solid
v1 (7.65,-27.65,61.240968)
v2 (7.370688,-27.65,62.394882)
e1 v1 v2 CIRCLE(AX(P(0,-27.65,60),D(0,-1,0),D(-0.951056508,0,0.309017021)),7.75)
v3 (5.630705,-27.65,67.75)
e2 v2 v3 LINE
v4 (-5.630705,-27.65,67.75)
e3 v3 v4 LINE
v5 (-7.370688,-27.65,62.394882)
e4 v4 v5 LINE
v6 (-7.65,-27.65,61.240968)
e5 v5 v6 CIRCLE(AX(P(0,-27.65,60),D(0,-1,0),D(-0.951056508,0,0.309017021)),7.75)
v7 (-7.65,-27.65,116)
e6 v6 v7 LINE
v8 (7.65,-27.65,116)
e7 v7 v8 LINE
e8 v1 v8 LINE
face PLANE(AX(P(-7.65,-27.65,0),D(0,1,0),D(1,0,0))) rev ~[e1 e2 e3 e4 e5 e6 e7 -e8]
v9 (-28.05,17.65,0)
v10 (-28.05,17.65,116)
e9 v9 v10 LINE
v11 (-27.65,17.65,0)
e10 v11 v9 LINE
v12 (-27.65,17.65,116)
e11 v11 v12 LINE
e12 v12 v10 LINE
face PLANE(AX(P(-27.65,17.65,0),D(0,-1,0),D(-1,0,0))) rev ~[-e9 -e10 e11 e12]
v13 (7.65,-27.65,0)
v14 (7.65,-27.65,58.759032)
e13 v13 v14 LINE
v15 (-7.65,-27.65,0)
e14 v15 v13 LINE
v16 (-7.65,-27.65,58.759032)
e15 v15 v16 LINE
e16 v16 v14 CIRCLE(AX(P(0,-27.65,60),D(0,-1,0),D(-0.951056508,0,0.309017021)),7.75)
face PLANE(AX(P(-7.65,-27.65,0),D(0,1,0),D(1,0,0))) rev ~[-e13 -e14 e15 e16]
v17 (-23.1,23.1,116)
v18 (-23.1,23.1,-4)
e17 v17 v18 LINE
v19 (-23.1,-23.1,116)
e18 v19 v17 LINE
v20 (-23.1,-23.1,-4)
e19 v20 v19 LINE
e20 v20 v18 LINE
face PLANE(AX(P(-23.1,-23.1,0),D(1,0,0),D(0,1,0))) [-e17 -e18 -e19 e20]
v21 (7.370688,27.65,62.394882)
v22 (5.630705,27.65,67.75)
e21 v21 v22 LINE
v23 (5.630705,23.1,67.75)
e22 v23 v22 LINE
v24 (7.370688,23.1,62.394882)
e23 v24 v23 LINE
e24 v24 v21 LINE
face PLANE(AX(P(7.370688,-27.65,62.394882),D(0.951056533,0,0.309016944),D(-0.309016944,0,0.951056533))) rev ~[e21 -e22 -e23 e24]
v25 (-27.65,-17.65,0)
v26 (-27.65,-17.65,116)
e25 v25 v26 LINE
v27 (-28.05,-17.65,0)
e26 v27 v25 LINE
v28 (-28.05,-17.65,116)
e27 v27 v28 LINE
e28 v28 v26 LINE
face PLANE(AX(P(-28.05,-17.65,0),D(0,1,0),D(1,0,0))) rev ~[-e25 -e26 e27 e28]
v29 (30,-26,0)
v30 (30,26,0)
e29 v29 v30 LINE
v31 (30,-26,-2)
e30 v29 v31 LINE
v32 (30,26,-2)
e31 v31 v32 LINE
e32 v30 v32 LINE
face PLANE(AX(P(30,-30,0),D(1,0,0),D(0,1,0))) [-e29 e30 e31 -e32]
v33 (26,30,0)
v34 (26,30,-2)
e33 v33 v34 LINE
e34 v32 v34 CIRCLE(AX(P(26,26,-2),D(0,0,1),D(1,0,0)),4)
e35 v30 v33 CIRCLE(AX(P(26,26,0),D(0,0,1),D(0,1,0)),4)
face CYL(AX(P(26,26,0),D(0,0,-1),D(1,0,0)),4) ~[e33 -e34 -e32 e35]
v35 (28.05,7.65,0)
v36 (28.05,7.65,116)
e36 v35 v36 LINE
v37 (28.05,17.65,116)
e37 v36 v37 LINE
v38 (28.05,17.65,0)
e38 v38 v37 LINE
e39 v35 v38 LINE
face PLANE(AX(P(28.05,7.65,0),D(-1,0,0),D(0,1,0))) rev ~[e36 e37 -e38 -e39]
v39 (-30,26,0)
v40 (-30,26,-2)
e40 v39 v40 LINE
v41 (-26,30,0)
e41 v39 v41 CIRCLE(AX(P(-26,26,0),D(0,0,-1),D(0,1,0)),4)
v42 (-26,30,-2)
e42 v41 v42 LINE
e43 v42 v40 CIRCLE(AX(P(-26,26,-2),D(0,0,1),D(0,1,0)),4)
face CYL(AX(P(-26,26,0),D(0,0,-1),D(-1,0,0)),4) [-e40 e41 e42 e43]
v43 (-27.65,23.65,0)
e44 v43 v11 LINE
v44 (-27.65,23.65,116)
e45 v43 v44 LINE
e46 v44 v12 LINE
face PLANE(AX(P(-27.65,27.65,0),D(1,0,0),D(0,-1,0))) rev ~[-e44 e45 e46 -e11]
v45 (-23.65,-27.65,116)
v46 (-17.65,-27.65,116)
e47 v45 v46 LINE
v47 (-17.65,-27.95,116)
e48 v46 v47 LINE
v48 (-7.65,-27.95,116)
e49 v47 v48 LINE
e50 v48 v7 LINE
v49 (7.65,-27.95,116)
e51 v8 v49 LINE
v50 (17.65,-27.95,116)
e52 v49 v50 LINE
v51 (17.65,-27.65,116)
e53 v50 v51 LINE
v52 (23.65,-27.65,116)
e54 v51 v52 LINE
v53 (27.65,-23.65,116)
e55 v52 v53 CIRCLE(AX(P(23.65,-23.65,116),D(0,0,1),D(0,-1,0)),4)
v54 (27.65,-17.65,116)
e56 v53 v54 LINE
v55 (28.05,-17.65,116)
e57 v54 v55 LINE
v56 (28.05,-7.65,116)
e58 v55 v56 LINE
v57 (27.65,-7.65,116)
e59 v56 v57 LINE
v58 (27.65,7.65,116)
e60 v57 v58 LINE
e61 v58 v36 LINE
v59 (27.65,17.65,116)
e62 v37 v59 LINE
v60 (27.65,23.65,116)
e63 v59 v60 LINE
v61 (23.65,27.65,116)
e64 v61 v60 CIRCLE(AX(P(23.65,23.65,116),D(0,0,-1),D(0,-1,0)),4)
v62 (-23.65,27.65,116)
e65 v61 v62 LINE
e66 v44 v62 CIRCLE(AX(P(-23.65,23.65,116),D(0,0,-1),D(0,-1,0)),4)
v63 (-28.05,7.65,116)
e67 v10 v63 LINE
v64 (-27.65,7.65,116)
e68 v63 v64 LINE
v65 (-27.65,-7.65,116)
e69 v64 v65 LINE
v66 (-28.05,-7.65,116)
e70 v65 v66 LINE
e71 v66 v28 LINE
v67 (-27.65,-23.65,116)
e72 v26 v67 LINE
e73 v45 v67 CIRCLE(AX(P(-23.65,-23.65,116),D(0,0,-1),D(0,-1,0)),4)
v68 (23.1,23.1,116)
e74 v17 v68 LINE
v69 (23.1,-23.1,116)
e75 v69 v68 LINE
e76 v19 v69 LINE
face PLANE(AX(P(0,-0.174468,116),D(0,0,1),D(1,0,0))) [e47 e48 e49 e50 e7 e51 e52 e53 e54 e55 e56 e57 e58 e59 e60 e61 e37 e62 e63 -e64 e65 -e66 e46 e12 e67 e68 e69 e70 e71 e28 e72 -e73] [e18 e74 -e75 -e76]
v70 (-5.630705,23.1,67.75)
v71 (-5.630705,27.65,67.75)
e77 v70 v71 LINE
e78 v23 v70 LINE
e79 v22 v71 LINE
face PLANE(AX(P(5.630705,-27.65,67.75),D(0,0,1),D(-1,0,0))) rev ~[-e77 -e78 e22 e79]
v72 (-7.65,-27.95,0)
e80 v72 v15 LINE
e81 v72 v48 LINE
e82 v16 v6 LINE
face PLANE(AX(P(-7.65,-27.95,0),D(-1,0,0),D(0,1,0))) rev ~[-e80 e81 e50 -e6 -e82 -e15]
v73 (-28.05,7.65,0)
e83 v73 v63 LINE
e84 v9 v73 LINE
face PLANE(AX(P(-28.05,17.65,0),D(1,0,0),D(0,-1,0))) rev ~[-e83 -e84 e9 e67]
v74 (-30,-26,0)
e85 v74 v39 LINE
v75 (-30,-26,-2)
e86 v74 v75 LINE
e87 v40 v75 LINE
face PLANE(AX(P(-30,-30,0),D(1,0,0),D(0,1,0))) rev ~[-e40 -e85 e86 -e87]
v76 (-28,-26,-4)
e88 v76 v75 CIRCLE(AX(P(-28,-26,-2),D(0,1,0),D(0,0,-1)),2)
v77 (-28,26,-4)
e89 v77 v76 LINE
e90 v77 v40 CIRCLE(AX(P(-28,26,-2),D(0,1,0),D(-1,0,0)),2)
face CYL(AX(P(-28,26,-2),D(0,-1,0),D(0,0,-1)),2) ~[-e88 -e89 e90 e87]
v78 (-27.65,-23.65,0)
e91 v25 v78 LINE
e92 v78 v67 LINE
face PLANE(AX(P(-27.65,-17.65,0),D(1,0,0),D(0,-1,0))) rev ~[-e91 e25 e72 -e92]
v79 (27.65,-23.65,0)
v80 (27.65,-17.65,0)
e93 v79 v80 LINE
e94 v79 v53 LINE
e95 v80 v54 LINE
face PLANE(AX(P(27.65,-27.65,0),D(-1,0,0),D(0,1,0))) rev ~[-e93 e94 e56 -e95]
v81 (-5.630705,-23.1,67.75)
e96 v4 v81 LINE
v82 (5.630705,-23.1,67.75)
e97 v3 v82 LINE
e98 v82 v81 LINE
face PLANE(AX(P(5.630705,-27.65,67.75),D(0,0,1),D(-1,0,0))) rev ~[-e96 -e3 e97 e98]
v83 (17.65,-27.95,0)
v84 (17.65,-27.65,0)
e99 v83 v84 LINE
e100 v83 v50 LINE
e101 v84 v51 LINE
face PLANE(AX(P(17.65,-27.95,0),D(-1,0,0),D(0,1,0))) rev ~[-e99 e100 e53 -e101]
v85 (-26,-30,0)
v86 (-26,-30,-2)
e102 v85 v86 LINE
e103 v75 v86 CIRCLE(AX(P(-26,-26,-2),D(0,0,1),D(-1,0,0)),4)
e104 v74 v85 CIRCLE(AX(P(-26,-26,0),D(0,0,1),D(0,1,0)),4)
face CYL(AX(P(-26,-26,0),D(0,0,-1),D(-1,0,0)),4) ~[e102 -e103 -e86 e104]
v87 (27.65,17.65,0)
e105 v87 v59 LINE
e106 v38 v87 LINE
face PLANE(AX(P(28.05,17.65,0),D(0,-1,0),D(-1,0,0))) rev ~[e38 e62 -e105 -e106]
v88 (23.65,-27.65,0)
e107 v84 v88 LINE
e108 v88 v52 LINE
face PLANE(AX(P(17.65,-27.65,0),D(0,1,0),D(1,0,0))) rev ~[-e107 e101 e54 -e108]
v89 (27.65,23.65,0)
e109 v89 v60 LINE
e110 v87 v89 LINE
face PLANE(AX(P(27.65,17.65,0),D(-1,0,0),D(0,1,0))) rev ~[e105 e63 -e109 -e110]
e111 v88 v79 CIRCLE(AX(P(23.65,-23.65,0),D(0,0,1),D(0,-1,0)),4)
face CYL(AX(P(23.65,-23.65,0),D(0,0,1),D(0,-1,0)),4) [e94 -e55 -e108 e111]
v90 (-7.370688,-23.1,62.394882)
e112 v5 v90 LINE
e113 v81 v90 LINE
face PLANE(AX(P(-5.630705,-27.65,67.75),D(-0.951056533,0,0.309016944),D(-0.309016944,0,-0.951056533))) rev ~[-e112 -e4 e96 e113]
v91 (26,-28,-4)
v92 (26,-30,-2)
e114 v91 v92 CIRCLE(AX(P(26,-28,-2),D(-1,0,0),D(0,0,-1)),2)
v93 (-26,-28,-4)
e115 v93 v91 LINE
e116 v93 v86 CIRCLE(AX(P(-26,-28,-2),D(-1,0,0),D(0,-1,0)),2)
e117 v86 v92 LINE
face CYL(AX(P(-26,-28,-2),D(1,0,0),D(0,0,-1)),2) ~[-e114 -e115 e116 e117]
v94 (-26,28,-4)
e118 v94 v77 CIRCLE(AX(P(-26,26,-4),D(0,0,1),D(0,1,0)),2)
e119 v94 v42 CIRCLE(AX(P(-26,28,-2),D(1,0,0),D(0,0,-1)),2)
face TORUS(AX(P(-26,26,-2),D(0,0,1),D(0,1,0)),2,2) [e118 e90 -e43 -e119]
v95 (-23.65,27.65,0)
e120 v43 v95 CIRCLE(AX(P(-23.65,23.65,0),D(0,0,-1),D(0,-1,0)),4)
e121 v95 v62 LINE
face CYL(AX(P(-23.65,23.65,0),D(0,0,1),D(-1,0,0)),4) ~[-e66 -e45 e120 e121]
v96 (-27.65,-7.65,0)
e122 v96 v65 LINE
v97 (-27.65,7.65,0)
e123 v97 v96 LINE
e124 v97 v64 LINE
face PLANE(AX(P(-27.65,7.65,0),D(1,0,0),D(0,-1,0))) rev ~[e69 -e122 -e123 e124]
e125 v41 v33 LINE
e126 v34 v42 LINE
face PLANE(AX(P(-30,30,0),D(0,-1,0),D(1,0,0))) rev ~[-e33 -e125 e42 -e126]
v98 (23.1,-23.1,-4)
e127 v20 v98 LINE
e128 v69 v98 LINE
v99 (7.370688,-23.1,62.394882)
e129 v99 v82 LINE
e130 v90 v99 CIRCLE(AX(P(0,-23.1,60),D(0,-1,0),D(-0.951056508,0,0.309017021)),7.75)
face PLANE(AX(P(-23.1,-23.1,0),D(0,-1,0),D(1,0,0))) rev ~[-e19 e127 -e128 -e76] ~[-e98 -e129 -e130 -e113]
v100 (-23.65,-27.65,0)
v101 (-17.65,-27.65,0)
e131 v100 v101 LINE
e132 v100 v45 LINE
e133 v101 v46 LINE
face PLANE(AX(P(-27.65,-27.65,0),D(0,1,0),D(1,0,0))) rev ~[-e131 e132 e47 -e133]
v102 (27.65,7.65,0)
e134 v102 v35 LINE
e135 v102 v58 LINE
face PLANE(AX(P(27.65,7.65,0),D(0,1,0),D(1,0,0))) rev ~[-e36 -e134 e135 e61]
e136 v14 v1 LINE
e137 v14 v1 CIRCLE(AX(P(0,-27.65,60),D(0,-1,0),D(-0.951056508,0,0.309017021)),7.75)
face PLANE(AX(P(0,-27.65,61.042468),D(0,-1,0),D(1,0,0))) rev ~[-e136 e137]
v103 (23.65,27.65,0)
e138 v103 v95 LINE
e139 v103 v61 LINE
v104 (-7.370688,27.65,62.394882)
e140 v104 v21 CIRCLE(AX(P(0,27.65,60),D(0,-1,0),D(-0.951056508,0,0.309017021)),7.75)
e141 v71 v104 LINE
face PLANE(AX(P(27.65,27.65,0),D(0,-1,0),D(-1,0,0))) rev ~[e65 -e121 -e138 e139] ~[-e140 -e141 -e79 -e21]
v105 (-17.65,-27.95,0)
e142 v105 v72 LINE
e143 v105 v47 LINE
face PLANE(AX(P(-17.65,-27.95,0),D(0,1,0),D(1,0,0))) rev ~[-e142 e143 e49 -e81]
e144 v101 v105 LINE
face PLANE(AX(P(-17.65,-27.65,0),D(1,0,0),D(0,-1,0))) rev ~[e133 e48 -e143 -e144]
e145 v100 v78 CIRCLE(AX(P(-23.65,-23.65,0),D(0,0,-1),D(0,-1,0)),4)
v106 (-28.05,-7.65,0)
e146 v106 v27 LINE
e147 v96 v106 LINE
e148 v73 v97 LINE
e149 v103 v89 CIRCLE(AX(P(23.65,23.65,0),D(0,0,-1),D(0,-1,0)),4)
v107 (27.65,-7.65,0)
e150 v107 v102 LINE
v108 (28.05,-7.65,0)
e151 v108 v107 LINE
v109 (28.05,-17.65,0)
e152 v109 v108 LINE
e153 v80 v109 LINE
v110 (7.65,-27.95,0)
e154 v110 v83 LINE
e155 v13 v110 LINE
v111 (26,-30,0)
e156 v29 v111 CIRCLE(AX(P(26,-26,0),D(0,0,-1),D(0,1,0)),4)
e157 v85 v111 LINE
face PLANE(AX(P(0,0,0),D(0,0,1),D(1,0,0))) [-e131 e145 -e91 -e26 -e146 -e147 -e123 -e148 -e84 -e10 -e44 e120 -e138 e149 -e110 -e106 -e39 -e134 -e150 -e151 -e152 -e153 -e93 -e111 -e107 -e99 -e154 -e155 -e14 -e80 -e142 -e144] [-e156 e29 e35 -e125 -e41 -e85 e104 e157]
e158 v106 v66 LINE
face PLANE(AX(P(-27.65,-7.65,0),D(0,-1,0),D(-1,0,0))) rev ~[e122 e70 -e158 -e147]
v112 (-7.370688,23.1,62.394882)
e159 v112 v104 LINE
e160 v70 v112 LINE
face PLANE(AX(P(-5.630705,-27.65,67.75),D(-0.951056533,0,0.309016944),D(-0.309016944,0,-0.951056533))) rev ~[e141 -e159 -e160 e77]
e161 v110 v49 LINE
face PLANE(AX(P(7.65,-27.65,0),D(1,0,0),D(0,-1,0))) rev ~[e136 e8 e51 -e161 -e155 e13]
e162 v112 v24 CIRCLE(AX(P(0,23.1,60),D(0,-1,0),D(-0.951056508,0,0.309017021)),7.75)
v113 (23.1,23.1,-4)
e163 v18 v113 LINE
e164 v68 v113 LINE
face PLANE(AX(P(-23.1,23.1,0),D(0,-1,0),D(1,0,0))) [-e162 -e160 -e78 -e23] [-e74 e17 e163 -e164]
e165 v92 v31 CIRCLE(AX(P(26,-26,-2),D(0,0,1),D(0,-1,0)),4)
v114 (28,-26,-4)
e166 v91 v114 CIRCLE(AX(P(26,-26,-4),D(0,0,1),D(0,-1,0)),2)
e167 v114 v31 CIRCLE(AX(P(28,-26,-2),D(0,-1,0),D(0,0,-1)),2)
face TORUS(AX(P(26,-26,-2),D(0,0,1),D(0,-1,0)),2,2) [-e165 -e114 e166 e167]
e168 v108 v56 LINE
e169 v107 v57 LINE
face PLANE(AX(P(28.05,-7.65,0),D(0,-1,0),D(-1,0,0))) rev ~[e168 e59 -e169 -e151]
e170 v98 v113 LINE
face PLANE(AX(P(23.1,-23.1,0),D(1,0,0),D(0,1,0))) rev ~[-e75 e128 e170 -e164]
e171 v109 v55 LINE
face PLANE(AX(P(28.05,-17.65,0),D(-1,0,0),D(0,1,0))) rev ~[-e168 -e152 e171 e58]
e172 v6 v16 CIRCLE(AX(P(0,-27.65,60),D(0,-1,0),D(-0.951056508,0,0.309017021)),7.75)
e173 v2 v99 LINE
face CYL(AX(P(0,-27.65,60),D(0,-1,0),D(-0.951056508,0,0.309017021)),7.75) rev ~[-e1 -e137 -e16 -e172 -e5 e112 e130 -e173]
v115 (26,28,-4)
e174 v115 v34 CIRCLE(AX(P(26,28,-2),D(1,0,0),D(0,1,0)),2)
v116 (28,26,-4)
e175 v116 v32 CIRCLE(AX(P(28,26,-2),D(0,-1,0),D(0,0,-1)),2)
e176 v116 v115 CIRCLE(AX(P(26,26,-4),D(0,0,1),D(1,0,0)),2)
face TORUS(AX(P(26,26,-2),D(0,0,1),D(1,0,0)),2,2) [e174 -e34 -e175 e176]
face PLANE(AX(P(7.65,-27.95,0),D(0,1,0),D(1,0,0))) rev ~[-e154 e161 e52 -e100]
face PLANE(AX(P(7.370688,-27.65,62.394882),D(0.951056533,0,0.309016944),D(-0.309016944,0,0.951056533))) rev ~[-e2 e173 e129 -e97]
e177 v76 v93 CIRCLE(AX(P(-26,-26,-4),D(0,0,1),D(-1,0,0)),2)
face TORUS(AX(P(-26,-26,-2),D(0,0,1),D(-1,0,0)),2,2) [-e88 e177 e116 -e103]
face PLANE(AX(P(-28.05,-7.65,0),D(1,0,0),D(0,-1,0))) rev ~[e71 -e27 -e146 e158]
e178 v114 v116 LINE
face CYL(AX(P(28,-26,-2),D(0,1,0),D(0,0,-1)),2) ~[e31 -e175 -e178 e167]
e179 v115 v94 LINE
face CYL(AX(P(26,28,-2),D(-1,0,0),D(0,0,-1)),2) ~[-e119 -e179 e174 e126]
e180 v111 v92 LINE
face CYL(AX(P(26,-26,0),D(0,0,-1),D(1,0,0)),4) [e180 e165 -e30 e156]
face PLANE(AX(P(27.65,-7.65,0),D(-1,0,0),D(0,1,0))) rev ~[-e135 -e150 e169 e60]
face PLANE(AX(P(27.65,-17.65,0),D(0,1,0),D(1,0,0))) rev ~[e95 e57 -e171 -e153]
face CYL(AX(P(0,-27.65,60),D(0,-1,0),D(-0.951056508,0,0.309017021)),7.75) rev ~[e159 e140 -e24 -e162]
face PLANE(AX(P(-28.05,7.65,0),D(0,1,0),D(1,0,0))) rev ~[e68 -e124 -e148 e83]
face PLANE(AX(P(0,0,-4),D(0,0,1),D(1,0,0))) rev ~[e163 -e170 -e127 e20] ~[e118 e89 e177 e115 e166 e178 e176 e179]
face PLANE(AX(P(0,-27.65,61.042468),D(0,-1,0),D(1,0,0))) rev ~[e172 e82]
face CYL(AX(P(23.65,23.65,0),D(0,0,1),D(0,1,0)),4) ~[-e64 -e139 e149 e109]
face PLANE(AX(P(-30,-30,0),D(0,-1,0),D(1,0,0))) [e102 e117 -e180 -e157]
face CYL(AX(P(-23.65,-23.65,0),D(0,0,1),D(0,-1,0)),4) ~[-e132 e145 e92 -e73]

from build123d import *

# Parameters (mm, degrees)
F0_W     = 46.2
F0_H     = 46.2
F1_DEPTH = 116
F0_W_2   = 60
F0_H_2   = 60
F2_DEPTH = 4
F3_R     = 4
F4_R     = 2
F7_DEPTH = 80


with BuildPart() as f1:
    # F0 (on Top) → F1 (new body)
    with BuildSketch(Plane.XY):
        Polygon((27.65, 17.65), (27.65, 27.65), (-27.65, 27.65), (-27.65, 17.65), (-28.05, 17.65), (-28.05, 7.65), (-27.65, 7.65), (-27.65, -7.65), (-28.05, -7.65), (-28.05, -17.65), (-27.65, -17.65), (-27.65, -27.65), (-17.65, -27.65), (-17.65, -27.95), (-7.65, -27.95), (-7.65, -27.65), (7.65, -27.65), (7.65, -27.95), (17.65, -27.95), (17.65, -27.65), (27.65, -27.65), (27.65, -17.65), (28.05, -17.65), (28.05, -7.65), (27.65, -7.65), (27.65, 7.65), (28.05, 7.65), (28.05, 17.65), align=None)
        Rectangle(F0_W, F0_H, mode=Mode.SUBTRACT)
    extrude(amount=F1_DEPTH)

    # F0 (on Top) → F2 (join)
    with BuildSketch(Plane.XY):
        Rectangle(F0_W_2, F0_H_2)
        Polygon((-27.65, 27.65), (27.65, 27.65), (27.65, 17.65), (28.05, 17.65), (28.05, 7.65), (27.65, 7.65), (27.65, -7.65), (28.05, -7.65), (28.05, -17.65), (27.65, -17.65), (27.65, -27.65), (17.65, -27.65), (17.65, -27.95), (7.65, -27.95), (7.65, -27.65), (-7.65, -27.65), (-7.65, -27.95), (-17.65, -27.95), (-17.65, -27.65), (-27.65, -27.65), (-27.65, -17.65), (-28.05, -17.65), (-28.05, -7.65), (-27.65, -7.65), (-27.65, 7.65), (-28.05, 7.65), (-28.05, 17.65), (-27.65, 17.65), align=None, mode=Mode.SUBTRACT)
        Polygon((27.65, 17.65), (27.65, 27.65), (-27.65, 27.65), (-27.65, 17.65), (-28.05, 17.65), (-28.05, 7.65), (-27.65, 7.65), (-27.65, -7.65), (-28.05, -7.65), (-28.05, -17.65), (-27.65, -17.65), (-27.65, -27.65), (-17.65, -27.65), (-17.65, -27.95), (-7.65, -27.95), (-7.65, -27.65), (7.65, -27.65), (7.65, -27.95), (17.65, -27.95), (17.65, -27.65), (27.65, -27.65), (27.65, -17.65), (28.05, -17.65), (28.05, -7.65), (27.65, -7.65), (27.65, 7.65), (28.05, 7.65), (28.05, 17.65), align=None)
        Rectangle(F0_W, F0_H, mode=Mode.SUBTRACT)
    extrude(amount=-F2_DEPTH)

    # F3
    f3_edges = [f1.edges().sort_by_distance(p)[0] for p in [
        (27.65, -27.65, 58),
        (-27.65, -27.65, 58),
        (27.65, 27.65, 58),
        (-27.65, 27.65, 58),
        (-30, 30, -2),
        (30, 30, -2),
        (-30, -30, -2),
        (30, -30, -2),
    ]]
    fillet(f3_edges, radius=F3_R)

    # F4
    f4_edges = [f1.edges().sort_by_distance(p)[0] for p in [
        (30, 0, -4),
    ]]
    fillet(f4_edges, radius=F4_R)

    # F6 (on offset) → F7 (cut)
    with BuildSketch(Plane.XZ.offset(27.65)):
        with BuildLine():
            Line((-5.630705, 67.75), (-7.370688, 62.394882))
            ThreePointArc((-7.370688, 62.394882), (0, 52.25), (7.370688, 62.394882))
            Line((7.370688, 62.394882), (5.630705, 67.75))
            Line((5.630705, 67.75), (-5.630705, 67.75))
        make_face()
    extrude(amount=-F7_DEPTH, mode=Mode.SUBTRACT)


solid = f1.part
